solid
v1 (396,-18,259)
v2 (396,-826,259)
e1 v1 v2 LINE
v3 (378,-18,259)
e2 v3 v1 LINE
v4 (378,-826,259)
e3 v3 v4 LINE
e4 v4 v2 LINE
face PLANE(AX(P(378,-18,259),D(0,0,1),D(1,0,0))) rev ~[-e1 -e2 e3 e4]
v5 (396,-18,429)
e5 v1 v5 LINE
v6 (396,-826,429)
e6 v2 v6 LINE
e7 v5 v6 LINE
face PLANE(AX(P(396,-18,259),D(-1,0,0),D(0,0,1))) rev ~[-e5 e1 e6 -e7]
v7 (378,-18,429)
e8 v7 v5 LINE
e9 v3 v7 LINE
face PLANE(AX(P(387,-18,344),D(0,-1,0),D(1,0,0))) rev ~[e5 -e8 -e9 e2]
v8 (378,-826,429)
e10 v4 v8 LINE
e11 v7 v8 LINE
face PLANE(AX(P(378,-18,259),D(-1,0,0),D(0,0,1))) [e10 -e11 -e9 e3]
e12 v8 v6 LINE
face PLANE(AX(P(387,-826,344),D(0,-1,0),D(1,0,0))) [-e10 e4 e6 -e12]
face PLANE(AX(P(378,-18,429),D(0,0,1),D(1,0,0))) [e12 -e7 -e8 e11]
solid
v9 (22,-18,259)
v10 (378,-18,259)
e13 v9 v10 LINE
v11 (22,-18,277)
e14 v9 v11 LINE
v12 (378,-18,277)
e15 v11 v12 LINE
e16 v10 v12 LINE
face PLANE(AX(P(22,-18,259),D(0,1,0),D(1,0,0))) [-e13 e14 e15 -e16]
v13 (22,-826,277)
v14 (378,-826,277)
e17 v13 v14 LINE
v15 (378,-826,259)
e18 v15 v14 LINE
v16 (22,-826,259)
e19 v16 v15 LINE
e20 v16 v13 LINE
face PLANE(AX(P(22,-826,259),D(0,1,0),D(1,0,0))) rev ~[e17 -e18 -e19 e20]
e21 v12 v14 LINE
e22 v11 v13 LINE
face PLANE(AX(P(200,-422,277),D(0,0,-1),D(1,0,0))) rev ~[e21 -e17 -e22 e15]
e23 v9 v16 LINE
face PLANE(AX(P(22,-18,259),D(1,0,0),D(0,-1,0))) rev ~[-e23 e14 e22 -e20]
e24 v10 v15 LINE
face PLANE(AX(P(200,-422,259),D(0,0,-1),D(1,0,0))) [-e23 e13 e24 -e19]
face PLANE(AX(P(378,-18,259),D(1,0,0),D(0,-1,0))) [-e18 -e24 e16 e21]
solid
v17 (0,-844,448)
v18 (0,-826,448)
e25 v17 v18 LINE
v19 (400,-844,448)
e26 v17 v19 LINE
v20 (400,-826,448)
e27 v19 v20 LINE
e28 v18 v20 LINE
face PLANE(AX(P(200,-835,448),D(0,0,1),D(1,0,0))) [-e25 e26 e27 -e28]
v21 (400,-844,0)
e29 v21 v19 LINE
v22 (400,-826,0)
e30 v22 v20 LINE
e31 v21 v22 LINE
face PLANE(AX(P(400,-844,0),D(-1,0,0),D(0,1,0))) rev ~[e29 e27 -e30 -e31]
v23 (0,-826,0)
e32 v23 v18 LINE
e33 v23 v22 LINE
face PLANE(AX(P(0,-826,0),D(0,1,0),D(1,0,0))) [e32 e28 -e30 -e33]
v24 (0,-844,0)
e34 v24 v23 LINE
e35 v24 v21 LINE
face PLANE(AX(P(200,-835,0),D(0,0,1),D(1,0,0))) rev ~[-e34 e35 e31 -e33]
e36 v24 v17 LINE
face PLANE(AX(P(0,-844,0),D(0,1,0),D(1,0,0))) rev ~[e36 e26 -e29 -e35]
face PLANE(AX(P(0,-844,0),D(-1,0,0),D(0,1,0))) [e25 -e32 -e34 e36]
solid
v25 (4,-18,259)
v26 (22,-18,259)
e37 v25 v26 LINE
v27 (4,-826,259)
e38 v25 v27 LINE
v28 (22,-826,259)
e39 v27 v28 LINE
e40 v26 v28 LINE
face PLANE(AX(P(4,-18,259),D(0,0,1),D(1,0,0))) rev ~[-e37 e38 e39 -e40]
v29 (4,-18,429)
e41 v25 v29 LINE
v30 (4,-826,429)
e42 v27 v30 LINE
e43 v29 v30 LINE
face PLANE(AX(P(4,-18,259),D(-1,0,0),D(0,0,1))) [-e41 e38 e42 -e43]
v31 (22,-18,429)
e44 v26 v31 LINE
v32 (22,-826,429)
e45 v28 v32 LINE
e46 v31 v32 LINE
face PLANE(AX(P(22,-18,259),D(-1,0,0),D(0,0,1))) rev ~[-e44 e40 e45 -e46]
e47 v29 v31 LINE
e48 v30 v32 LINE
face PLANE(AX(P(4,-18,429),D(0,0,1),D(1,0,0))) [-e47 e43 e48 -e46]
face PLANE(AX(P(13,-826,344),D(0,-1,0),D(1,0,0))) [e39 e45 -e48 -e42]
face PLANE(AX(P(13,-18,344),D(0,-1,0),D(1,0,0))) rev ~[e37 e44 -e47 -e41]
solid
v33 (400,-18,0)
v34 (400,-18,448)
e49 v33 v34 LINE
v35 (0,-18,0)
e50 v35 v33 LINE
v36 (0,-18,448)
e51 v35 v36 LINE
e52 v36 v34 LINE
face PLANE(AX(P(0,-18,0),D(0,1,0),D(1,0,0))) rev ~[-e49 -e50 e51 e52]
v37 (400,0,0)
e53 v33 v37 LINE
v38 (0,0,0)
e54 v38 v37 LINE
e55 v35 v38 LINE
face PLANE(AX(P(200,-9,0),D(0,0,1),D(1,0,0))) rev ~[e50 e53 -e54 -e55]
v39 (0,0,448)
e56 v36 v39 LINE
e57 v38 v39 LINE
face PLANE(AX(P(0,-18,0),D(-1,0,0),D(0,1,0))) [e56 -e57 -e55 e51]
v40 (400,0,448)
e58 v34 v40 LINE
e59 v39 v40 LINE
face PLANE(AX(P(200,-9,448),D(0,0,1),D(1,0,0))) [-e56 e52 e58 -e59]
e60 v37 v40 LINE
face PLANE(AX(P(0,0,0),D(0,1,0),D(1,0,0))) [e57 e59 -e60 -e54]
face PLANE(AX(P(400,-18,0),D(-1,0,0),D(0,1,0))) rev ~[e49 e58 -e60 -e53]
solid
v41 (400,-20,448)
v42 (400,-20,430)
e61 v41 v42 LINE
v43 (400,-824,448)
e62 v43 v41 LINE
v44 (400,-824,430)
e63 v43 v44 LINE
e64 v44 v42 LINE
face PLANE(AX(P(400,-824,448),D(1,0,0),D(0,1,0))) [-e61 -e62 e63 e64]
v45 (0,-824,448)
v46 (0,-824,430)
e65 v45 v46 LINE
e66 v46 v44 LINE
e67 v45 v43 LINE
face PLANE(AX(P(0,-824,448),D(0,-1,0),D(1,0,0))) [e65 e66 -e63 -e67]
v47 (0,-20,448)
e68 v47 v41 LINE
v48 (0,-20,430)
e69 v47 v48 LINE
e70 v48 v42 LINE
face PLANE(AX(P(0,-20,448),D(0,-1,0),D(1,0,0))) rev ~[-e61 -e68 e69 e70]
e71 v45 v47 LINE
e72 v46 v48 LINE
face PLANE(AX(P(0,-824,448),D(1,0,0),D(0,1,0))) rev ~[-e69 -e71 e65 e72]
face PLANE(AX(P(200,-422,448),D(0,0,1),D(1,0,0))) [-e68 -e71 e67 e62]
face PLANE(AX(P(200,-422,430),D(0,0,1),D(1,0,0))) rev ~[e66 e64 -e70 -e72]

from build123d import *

# Parameters (mm, degrees)
F0_W     = 400
F0_H     = 18
F1_DEPTH = 448
F2_W     = 18
F2_H     = 170
F3_DEPTH = 808
F4_W     = 356
F4_H     = 808
F5_DEPTH = 18
F6_W     = 400
F6_H     = 804
F7_DEPTH = 18


with BuildPart() as f1:
    # F0 (on Top) → F1 (new body)
    with BuildSketch(Plane.XY):
        with Locations((200, -9)):
            Rectangle(F0_W, F0_H)
        with Locations((200, -835)):
            Rectangle(F0_W, F0_H)
    extrude(amount=F1_DEPTH)


with BuildPart() as f3:
    # F2 (on face) → F3 (new body, through all)
    with BuildSketch(Plane.XZ.offset(18)):
        with Locations((13, 344)):
            Rectangle(F2_W, F2_H)
        with Locations((387, 344)):
            Rectangle(F2_W, F2_H)
    extrude(amount=F3_DEPTH)


with BuildPart() as f5:
    # F4 (on face) → F5 (new body)
    with BuildSketch(Plane(origin=(0, 0, 259), x_dir=(1, 0, 0), z_dir=(0, 0, -1))):
        with Locations((200, 422)):
            Rectangle(F4_W, F4_H)
    extrude(amount=-F5_DEPTH)


with BuildPart() as f7:
    # F6 (on face) → F7 (new body)
    with BuildSketch(Plane.XY.offset(448)):
        with Locations((200, -422)):
            Rectangle(F6_W, F6_H)
    extrude(amount=-F7_DEPTH)


solid = Compound([f1.part, f3.part, f5.part, f7.part])
